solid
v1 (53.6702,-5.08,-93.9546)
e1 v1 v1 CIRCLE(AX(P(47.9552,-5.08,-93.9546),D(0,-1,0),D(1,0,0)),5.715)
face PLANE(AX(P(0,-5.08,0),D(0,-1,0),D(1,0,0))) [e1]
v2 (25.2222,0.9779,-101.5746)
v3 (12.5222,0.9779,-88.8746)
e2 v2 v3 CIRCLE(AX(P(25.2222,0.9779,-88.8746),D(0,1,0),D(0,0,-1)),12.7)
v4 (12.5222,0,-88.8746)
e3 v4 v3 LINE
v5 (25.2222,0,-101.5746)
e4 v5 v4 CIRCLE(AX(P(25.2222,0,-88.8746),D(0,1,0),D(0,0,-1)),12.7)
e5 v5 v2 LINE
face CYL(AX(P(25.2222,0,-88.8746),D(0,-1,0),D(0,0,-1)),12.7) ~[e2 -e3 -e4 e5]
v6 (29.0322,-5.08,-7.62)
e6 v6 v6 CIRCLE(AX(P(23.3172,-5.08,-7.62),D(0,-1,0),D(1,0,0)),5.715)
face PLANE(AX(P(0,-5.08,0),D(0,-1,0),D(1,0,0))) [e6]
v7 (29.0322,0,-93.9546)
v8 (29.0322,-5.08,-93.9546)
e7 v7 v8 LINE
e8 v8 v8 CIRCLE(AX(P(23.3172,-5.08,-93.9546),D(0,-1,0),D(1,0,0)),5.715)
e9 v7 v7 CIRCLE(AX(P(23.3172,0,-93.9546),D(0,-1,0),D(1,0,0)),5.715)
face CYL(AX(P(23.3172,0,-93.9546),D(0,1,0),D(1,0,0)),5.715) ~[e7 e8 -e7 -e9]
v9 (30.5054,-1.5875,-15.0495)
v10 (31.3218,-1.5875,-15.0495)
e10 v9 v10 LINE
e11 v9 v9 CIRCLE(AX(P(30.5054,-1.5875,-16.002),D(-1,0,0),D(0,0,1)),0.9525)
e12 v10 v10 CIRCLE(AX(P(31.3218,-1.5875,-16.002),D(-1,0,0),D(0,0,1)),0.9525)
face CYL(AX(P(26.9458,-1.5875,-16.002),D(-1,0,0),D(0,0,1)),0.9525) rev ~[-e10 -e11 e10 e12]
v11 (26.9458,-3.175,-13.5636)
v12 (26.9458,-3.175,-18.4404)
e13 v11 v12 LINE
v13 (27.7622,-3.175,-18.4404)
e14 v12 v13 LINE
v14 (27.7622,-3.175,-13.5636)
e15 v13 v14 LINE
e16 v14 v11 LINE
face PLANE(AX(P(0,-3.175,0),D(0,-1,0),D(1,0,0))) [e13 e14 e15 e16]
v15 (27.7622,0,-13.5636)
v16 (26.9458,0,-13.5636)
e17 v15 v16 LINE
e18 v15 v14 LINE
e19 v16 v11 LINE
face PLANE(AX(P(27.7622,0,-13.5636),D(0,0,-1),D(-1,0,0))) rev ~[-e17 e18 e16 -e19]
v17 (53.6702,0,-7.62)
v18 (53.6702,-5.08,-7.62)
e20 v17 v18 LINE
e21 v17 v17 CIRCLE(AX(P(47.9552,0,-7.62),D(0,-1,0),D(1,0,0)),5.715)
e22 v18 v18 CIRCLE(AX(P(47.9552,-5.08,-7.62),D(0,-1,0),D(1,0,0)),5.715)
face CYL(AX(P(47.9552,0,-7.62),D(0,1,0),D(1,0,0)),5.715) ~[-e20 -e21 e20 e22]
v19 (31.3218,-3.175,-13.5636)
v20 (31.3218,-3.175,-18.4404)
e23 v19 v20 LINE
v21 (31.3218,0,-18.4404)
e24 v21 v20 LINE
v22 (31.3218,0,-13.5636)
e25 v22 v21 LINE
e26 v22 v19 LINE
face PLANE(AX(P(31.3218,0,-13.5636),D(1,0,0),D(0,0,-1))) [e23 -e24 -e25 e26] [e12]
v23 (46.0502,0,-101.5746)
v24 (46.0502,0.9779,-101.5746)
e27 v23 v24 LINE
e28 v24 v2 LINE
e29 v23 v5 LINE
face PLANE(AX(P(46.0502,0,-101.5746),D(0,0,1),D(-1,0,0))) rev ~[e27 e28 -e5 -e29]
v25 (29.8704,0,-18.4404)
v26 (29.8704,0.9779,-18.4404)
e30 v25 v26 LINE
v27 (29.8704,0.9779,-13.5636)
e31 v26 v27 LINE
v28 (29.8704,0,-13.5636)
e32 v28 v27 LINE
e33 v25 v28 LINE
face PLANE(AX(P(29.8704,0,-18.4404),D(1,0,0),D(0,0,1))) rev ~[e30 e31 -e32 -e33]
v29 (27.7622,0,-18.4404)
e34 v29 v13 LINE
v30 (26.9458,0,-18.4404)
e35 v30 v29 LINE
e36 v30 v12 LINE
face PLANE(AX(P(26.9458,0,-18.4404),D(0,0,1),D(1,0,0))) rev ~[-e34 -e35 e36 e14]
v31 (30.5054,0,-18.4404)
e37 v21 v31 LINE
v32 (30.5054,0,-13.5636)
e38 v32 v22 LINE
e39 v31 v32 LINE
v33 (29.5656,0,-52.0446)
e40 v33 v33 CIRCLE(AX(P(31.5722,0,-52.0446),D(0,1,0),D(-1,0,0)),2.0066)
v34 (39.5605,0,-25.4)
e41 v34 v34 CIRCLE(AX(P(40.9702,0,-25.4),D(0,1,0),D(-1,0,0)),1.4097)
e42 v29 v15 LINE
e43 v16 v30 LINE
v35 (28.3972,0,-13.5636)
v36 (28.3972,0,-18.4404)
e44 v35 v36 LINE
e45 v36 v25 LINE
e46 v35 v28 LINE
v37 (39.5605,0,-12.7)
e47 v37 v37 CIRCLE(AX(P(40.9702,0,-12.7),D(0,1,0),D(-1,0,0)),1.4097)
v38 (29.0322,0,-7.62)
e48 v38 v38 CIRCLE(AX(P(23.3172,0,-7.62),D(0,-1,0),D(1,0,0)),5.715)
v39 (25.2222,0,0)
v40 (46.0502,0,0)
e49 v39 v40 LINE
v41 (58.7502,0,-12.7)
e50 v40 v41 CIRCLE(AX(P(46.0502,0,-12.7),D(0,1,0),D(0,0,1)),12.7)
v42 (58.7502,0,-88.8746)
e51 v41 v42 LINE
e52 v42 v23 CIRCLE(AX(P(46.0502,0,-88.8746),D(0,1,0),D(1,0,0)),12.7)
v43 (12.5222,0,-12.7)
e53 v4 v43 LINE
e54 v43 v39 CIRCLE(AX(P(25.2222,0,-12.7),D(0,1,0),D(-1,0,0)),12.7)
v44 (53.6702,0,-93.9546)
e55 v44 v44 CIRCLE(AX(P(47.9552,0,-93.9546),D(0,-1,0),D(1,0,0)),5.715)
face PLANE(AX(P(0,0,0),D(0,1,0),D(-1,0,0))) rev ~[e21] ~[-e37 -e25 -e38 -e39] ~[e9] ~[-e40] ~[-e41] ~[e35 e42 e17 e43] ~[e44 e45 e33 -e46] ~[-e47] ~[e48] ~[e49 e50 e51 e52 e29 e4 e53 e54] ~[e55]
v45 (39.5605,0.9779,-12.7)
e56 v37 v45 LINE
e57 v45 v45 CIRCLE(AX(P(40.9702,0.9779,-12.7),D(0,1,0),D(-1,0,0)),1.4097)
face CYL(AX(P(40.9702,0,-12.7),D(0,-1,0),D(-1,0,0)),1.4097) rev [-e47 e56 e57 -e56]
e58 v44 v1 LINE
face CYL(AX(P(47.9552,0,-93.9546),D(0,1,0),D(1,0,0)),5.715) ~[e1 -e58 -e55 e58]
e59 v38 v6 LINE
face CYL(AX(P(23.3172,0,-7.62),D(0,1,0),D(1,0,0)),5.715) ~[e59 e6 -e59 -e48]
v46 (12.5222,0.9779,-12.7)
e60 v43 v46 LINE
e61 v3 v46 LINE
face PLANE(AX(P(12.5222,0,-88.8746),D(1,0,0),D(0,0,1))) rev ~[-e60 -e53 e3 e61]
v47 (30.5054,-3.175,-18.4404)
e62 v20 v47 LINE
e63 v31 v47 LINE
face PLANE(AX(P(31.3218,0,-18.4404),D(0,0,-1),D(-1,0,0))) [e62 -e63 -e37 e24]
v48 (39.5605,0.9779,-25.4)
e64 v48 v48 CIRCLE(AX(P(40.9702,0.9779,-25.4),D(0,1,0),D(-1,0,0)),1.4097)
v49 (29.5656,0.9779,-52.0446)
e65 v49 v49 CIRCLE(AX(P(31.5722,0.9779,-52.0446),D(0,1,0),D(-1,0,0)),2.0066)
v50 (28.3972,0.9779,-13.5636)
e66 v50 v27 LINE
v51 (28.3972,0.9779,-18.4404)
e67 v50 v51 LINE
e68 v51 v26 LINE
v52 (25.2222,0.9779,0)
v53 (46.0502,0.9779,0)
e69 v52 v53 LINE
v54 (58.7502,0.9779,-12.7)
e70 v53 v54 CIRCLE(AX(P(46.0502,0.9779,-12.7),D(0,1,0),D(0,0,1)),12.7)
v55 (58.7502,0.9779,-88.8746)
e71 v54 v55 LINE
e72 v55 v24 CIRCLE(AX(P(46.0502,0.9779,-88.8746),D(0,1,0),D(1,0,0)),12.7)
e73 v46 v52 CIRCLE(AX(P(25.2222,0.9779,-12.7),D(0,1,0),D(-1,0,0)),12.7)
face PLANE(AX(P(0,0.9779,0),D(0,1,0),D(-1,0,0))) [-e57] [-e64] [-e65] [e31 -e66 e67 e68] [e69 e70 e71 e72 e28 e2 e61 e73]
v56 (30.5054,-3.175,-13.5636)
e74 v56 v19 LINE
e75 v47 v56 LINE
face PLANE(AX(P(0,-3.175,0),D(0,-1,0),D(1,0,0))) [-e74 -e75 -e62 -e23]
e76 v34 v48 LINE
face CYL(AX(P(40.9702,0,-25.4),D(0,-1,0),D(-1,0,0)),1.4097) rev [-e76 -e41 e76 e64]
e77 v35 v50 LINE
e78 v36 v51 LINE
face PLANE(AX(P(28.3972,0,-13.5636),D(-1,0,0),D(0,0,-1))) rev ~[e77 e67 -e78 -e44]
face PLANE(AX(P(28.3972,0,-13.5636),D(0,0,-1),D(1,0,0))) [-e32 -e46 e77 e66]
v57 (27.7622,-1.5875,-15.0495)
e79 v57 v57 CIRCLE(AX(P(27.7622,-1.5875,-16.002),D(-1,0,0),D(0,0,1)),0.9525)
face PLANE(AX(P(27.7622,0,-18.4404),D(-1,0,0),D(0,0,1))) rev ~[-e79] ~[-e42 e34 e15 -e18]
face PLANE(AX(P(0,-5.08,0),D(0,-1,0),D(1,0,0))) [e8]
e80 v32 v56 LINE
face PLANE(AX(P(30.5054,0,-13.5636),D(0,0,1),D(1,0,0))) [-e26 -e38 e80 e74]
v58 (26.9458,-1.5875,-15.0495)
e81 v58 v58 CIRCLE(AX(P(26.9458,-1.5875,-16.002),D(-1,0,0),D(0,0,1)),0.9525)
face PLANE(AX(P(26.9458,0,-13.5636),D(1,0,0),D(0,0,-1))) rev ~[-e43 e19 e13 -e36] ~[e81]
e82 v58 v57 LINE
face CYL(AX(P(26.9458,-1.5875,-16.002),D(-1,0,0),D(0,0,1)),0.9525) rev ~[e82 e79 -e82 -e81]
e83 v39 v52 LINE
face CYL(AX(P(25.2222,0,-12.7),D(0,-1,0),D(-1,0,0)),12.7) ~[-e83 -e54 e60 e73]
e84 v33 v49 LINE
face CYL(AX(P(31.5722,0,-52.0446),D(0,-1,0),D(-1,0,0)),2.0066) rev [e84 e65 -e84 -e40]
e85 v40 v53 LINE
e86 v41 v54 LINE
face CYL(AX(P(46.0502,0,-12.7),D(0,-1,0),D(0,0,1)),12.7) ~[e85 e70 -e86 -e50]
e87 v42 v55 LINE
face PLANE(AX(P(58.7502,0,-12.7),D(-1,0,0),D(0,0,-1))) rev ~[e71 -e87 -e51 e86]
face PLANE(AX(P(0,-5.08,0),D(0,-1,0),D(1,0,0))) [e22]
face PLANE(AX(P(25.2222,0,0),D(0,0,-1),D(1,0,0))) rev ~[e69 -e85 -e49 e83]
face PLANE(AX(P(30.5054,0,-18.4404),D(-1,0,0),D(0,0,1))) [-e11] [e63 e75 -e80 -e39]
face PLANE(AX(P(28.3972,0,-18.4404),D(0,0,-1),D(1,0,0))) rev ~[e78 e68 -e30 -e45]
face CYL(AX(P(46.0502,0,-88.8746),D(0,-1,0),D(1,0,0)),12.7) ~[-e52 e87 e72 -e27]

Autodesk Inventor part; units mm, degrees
ref_plane "YZ Plane" through (0, 0, 0) normal (1, 0, 0) x (0, 1, 0)
ref_plane "XZ Plane" through (0, 0, 0) normal (0, 1, 0) x (-1, 0, 0)
ref_plane "XY Plane" through (0, 0, 0) normal (0, 0, 1) x (1, 0, 0)
sketch "Sketch1" plane through (0, 0, 0) normal (0, 1, 0) x (-1, 0, 0)
  line L0 (-25.2222, 0) -> (-46.0502, 0)
  line L1 (-58.7502, -12.7) -> (-58.7502, -88.8746)
  line L2 (-46.0502, -101.5746) -> (-25.2222, -101.5746)
  line L3 (-12.5222, -88.8746) -> (-12.5222, -12.7)
  arc A0 (-12.5222, -12.7) -> (-25.2222, 0) centre (-25.2222, -12.7) ccw
  arc A1 (-46.0502, 0) -> (-58.7502, -12.7) centre (-46.0502, -12.7) ccw
  arc A2 (-58.7502, -88.8746) -> (-46.0502, -101.5746) centre (-46.0502, -88.8746) ccw
  arc A3 (-25.2222, -101.5746) -> (-12.5222, -88.8746) centre (-25.2222, -88.8746) ccw
  circle A4 centre (-31.5722, -52.0446) radius 2.0066
  line L4 (-28.3972, -13.5636) -> (-29.8704, -13.5636)
  line L5 (-28.3972, -13.5636) -> (-28.3972, -18.4404)
  line L6 (-28.3972, -18.4404) -> (-29.8704, -18.4404)
  line L7 (-29.8704, -18.4404) -> (-29.8704, -13.5636)
  circle A5 centre (-40.9702, -12.7) radius 1.4097
  circle A6 centre (-40.9702, -25.4) radius 1.4097
  point P0 (0, 0)
  dimension "d1" = 101.5746
  dimension "d2" = 12.7
  dimension "d3" = 12.7
  dimension "d4" = 12.7
  dimension "d5" = 12.7
  dimension "d6" = 12.7
  dimension "d7" = 12.7
  dimension "d8" = 12.7
  dimension "d9" = 12.7
  dimension "d10" = 46.228
  dimension "d11" = 19.05
  dimension "d12" = 49.53
  dimension "d13" = 4.0132
  dimension "d14" = 1.4732
  dimension "d15" = 13.5636
  dimension "d16" = 4.8768
  dimension "d17" = 15.875
  dimension "d18" = 12.7
  dimension "d19" = 17.78
  dimension "d20" = 12.7
  dimension "d21" = 2.8194
  dimension "d22" = 2.8194
extrude "Extrusion1" add sketch "Sketch1" along normal blind 0.9779
sketch "Sketch2" plane through (0, 0, 0) normal (0, -1, 0) x (1, 0, 0)
  line L0 (58.7502, -88.8746) -> (58.7502, -12.7) projected
  line L1 (46.0502, 0) -> (25.2222, 0) projected
  circle A0 centre (47.9552, -7.62) radius 5.715
  line L2 (12.5222, -12.7) -> (12.5222, -88.8746) projected
  circle A1 centre (23.3172, -7.62) radius 5.715
  line L3 (25.2222, -101.5746) -> (46.0502, -101.5746) projected
  circle A2 centre (47.9552, -93.9546) radius 5.715
  circle A3 centre (23.3172, -93.9546) radius 5.715
  line L4 (29.8704, -13.5636) -> (29.8704, -18.4404) projected
  line L5 (31.1404, -17.3228) -> (33.274, -17.3228)
  line L6 (33.274, -17.3228) -> (33.274, -22.1996)
  line L7 (33.274, -22.1996) -> (31.1404, -22.1996)
  line L8 (31.1404, -22.1996) -> (31.1404, -17.3228)
  line L9 (29.8704, -13.5636) -> (28.3972, -13.5636) projected
  line L10 (29.8704, -18.4404) -> (28.3972, -18.4404) projected
  line L11 (25.0952, -17.3228) -> (22.9616, -17.3228)
  line L12 (22.9616, -17.3228) -> (22.9616, -22.1996)
  line L13 (22.9616, -22.1996) -> (25.0952, -22.1996)
  line L14 (25.0952, -22.1996) -> (25.0952, -17.3228)
  point P0 (0, 0)
  dimension "d25" = 10.795
  dimension "d26" = 7.62
  dimension "d27" = 11.43
  dimension "d28" = 10.795
  dimension "d29" = 11.43
  dimension "d30" = 7.62
  dimension "d31" = 11.43
  dimension "d32" = 11.43
  dimension "d33" = 1.27
  dimension "d34" = 2.1336
extrude "Extrusion2" add sketch "Sketch2" along normal blind 5.08 contours A0 | A1 | A2 | A3
sketch "Sketch3" plane through (0, 0, 0) normal (0, -1, 0) x (1, 0, 0)
  line L0 (30.5054, -13.5636) -> (31.3218, -13.5636)
  line L1 (31.3218, -13.5636) -> (31.3218, -18.4404)
  line L2 (31.3218, -18.4404) -> (30.5054, -18.4404)
  line L3 (30.5054, -18.4404) -> (30.5054, -13.5636)
  line L4 (29.8704, -13.5636) -> (29.8704, -18.4404) projected
  line L5 (28.3972, -18.4404) -> (28.3972, -13.5636) projected
  line L6 (29.1338, -12.4667) -> (29.1338, -19.0142)
  line L7 (27.7622, -13.5636) -> (26.9458, -13.5636)
  line L8 (26.9458, -13.5636) -> (26.9458, -18.4404)
  line L9 (26.9458, -18.4404) -> (27.7622, -18.4404)
  line L10 (27.7622, -18.4404) -> (27.7622, -13.5636)
  point P0 (0, 0)
  dimension "d37" = 0.635
  dimension "d38" = 1.4732
  dimension "d39" = 0.7366
extrude "Extrusion3" add sketch "Sketch3" along normal blind 3.175
sketch "Sketch4" plane through (26.9458, 0, -18.4404) normal (-1, 0, 0) x (0, 0, 1)
  line L0 (0, 0) -> (0, -3.175) projected
  line L1 (4.8768, 0) -> (4.8768, -3.175) projected
  line L2 (4.8768, -3.175) -> (0, -3.175) projected
  line L3 (5.7404, 0) -> (-70.4342, 0) projected
  circle A0 centre (2.4384, -1.5875) radius 0.9525
  point P0 (18.4404, 0)
  dimension "d42" = 2.4384
  dimension "d43" = 4.8768
  dimension "d44" = 1.5875
  dimension "d45" = 3.175
  dimension "d46" = 1.905
extrude "Extrusion4" cut sketch "Sketch4" against normal through all contours A0
properties part number "base" material "Aluminum 6061"
